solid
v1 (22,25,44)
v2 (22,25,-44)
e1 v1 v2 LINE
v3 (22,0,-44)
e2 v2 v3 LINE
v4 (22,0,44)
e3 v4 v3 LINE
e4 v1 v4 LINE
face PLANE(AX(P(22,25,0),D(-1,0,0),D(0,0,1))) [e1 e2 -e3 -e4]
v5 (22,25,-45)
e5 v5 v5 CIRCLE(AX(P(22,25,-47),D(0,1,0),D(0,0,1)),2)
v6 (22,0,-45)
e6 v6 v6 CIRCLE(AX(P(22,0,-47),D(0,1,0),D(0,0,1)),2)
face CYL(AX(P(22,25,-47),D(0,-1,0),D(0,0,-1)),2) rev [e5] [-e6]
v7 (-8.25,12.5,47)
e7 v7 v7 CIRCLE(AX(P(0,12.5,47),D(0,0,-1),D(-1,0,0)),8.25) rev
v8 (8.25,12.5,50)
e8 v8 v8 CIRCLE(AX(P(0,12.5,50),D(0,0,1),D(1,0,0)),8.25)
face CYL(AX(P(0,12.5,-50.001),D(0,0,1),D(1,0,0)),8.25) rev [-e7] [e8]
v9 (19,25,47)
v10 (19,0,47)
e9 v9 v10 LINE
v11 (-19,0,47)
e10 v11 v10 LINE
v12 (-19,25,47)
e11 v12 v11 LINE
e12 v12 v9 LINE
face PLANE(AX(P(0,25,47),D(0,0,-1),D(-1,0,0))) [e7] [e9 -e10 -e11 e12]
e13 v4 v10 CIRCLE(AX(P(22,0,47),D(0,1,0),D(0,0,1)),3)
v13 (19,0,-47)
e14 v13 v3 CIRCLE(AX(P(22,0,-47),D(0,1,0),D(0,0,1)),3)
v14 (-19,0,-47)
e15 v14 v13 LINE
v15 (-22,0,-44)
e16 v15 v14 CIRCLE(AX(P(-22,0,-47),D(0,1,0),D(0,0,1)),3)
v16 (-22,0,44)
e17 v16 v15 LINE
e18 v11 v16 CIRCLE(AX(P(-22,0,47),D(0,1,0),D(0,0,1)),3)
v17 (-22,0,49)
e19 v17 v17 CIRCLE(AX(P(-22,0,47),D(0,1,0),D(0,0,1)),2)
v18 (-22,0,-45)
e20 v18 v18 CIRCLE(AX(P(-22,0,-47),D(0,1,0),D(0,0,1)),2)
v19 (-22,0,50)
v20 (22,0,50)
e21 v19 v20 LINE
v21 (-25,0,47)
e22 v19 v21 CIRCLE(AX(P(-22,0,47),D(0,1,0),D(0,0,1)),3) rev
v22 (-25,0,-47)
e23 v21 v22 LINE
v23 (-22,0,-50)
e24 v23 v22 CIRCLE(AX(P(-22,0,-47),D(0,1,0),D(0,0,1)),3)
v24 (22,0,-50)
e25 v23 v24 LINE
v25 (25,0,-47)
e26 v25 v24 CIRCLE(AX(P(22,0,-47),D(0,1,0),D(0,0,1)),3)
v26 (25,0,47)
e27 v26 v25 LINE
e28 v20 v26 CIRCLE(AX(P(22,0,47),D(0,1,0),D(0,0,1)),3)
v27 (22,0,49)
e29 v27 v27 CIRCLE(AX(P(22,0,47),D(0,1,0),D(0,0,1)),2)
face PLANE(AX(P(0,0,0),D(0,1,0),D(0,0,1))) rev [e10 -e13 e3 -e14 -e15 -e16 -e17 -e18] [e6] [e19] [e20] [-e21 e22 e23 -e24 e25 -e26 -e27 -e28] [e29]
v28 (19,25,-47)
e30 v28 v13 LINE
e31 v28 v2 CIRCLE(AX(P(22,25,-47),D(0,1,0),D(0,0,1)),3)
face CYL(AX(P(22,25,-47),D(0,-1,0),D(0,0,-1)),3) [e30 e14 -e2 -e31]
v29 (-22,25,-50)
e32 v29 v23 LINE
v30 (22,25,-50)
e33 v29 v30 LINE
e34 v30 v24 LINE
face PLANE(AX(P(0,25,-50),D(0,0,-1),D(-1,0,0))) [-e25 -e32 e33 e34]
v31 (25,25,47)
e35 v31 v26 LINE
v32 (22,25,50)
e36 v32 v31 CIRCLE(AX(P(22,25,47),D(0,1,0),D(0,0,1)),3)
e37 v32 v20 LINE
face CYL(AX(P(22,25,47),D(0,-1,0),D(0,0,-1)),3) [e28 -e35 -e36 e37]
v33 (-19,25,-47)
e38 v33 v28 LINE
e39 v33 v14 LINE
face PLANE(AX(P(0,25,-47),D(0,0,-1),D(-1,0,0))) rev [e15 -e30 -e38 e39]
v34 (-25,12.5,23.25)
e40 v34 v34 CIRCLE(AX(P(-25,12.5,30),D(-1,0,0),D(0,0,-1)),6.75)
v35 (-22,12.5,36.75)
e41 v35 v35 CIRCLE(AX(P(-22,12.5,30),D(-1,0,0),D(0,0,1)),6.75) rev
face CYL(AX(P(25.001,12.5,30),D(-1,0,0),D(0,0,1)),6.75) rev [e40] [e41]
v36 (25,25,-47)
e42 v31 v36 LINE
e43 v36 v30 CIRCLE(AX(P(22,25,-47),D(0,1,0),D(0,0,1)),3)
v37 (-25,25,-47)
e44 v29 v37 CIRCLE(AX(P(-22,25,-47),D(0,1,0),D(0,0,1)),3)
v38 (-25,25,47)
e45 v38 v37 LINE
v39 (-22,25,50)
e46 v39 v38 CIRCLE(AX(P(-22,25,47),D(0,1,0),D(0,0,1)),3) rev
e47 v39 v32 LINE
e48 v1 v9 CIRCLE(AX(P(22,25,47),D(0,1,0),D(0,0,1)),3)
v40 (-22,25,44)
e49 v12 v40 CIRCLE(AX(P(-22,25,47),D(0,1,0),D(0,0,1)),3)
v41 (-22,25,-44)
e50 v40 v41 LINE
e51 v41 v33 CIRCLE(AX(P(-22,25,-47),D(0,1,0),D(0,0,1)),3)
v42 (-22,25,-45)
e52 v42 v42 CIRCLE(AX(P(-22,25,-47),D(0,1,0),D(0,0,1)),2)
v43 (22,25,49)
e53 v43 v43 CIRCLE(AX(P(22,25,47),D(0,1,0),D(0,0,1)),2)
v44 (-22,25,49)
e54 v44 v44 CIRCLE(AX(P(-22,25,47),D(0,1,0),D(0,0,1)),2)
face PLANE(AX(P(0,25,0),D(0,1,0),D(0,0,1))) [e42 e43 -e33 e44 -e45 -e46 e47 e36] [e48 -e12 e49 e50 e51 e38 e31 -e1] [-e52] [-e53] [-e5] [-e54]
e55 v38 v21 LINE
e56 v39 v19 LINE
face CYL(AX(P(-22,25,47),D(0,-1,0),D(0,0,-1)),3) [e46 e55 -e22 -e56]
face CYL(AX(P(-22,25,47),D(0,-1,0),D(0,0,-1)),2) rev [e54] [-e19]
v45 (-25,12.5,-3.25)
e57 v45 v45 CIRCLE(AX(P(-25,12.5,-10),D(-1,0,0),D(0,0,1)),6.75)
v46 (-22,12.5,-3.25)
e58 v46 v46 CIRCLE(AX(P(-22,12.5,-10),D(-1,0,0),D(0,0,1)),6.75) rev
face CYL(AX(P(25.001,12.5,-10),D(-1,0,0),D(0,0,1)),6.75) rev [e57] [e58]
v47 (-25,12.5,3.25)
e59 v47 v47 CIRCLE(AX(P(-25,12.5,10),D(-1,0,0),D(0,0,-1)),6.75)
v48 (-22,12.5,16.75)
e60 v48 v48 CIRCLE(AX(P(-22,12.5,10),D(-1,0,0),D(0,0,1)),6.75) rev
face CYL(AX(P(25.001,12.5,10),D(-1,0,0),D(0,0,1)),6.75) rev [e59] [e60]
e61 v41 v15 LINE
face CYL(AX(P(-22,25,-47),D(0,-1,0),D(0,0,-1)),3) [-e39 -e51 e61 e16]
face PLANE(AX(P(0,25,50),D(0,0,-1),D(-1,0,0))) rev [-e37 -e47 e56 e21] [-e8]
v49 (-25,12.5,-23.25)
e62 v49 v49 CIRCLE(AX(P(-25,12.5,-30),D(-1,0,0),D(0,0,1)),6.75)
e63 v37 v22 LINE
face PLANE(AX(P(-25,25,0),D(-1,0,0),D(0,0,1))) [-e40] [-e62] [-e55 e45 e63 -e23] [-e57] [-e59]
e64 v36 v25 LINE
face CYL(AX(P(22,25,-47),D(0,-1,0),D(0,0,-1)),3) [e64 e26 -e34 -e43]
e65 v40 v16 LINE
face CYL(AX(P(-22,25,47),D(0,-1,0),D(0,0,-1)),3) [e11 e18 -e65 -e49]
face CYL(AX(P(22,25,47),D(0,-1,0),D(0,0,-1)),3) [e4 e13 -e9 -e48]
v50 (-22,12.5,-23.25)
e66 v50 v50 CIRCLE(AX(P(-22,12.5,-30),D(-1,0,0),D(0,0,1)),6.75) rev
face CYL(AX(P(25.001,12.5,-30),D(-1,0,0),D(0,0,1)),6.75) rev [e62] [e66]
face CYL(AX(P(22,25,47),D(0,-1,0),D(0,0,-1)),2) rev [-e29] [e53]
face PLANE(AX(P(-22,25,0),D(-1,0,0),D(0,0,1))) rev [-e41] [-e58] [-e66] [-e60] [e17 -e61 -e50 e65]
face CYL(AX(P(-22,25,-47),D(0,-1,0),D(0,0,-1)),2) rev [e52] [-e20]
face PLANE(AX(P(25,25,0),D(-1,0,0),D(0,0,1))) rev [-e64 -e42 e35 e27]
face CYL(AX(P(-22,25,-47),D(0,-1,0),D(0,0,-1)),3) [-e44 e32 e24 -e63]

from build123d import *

# Parameters (mm, degrees)
SKETCH1_R           = 2
BOSS_EXTRUDE1_DEPTH = 25
CUT_EXTRUDE1_REACH  = 108.066
SKETCH2_R           = 8.25
CUT_EXTRUDE2_REACH  = 77
SKETCH3_R           = 6.75


with BuildPart() as part:
    # Sketch1 → Boss-Extrude1 (new body)
    with BuildSketch(Plane(origin=(0, 0, 0), x_dir=(1, 0, 0), z_dir=(0, 1, 0))):
        with BuildLine():
            ThreePointArc((-22, 50), (-24.121320344, 49.121320344), (-25, 47))
            Line((-25, 47), (-25, -47))
            ThreePointArc((-25, -47), (-24.121320344, -49.121320344), (-22, -50))
            Line((-22, -50), (22, -50))
            ThreePointArc((22, -50), (24.121320344, -49.121320344), (25, -47))
            Line((25, -47), (25, 47))
            ThreePointArc((25, 47), (24.121320344, 49.121320344), (22, 50))
            Line((22, 50), (-22, 50))
        make_face()
        with Locations(Location((-22, -47, 0), (0, 0, 270))):
            Circle(SKETCH1_R, mode=Mode.SUBTRACT)
        with BuildLine():
            Line((-22, -44), (-22, 44))
            ThreePointArc((-22, 44), (-19.878679656, 44.878679656), (-19, 47))
            Line((-19, 47), (19, 47))
            ThreePointArc((19, 47), (19.878679656, 44.878679656), (22, 44))
            Line((22, 44), (22, -44))
            ThreePointArc((22, -44), (19.878679656, -44.878679656), (19, -47))
            Line((19, -47), (-19, -47))
            ThreePointArc((-19, -47), (-19.878679656, -44.878679656), (-22, -44))
        make_face(mode=Mode.SUBTRACT)
        with Locations(Location((22, 47, 0), (0, 0, 270))):
            Circle(SKETCH1_R, mode=Mode.SUBTRACT)
        with Locations(Location((-22, 47, 0), (0, 0, 270))):
            Circle(SKETCH1_R, mode=Mode.SUBTRACT)
        with Locations(Location((22, -47, 0), (0, 0, 270))):
            Circle(SKETCH1_R, mode=Mode.SUBTRACT)
    extrude(amount=BOSS_EXTRUDE1_DEPTH)

    # Sketch2 → Cut-Extrude1 (cut, up to next)
    with BuildSketch(Plane.XY.offset(50), mode=Mode.PRIVATE) as cut_extrude1_sk1:
        with Locations((0, 12.5)):
            Circle(SKETCH2_R)
    cut_extrude1_tool1 = extrude(cut_extrude1_sk1.sketch, amount=-CUT_EXTRUDE1_REACH, mode=Mode.PRIVATE) & part.part
    add(cut_extrude1_tool1.solids().sort_by_distance((0, 12.5, 50))[0], mode=Mode.SUBTRACT)

    # Sketch3 → Cut-Extrude2 (cut, up to next)
    with BuildSketch(Plane.ZY.offset(25), mode=Mode.PRIVATE) as cut_extrude2_sk1:
        with Locations((-30, 12.5)):
            Circle(SKETCH3_R)
    cut_extrude2_tool1 = extrude(cut_extrude2_sk1.sketch, amount=-CUT_EXTRUDE2_REACH, mode=Mode.PRIVATE) & part.part
    # Sketch3 → Cut-Extrude2 (cut, up to next)
    with BuildSketch(Plane.ZY.offset(25), mode=Mode.PRIVATE) as cut_extrude2_sk2:
        with Locations((-10, 12.5)):
            Circle(SKETCH3_R)
    cut_extrude2_tool2 = extrude(cut_extrude2_sk2.sketch, amount=-CUT_EXTRUDE2_REACH, mode=Mode.PRIVATE) & part.part
    # Sketch3 → Cut-Extrude2 (cut, up to next)
    with BuildSketch(Plane.ZY.offset(25), mode=Mode.PRIVATE) as cut_extrude2_sk3:
        with Locations((10, 12.5)):
            Circle(SKETCH3_R)
    cut_extrude2_tool3 = extrude(cut_extrude2_sk3.sketch, amount=-CUT_EXTRUDE2_REACH, mode=Mode.PRIVATE) & part.part
    # Sketch3 → Cut-Extrude2 (cut, up to next)
    with BuildSketch(Plane.ZY.offset(25), mode=Mode.PRIVATE) as cut_extrude2_sk4:
        with Locations((30, 12.5)):
            Circle(SKETCH3_R)
    cut_extrude2_tool4 = extrude(cut_extrude2_sk4.sketch, amount=-CUT_EXTRUDE2_REACH, mode=Mode.PRIVATE) & part.part
    add(cut_extrude2_tool1.solids().sort_by_distance((-25, 12.5, -30))[0], mode=Mode.SUBTRACT)
    add(cut_extrude2_tool2.solids().sort_by_distance((-25, 12.5, -10))[0], mode=Mode.SUBTRACT)
    add(cut_extrude2_tool3.solids().sort_by_distance((-25, 12.5, 10))[0], mode=Mode.SUBTRACT)
    add(cut_extrude2_tool4.solids().sort_by_distance((-25, 12.5, 30))[0], mode=Mode.SUBTRACT)


solid = part.part
